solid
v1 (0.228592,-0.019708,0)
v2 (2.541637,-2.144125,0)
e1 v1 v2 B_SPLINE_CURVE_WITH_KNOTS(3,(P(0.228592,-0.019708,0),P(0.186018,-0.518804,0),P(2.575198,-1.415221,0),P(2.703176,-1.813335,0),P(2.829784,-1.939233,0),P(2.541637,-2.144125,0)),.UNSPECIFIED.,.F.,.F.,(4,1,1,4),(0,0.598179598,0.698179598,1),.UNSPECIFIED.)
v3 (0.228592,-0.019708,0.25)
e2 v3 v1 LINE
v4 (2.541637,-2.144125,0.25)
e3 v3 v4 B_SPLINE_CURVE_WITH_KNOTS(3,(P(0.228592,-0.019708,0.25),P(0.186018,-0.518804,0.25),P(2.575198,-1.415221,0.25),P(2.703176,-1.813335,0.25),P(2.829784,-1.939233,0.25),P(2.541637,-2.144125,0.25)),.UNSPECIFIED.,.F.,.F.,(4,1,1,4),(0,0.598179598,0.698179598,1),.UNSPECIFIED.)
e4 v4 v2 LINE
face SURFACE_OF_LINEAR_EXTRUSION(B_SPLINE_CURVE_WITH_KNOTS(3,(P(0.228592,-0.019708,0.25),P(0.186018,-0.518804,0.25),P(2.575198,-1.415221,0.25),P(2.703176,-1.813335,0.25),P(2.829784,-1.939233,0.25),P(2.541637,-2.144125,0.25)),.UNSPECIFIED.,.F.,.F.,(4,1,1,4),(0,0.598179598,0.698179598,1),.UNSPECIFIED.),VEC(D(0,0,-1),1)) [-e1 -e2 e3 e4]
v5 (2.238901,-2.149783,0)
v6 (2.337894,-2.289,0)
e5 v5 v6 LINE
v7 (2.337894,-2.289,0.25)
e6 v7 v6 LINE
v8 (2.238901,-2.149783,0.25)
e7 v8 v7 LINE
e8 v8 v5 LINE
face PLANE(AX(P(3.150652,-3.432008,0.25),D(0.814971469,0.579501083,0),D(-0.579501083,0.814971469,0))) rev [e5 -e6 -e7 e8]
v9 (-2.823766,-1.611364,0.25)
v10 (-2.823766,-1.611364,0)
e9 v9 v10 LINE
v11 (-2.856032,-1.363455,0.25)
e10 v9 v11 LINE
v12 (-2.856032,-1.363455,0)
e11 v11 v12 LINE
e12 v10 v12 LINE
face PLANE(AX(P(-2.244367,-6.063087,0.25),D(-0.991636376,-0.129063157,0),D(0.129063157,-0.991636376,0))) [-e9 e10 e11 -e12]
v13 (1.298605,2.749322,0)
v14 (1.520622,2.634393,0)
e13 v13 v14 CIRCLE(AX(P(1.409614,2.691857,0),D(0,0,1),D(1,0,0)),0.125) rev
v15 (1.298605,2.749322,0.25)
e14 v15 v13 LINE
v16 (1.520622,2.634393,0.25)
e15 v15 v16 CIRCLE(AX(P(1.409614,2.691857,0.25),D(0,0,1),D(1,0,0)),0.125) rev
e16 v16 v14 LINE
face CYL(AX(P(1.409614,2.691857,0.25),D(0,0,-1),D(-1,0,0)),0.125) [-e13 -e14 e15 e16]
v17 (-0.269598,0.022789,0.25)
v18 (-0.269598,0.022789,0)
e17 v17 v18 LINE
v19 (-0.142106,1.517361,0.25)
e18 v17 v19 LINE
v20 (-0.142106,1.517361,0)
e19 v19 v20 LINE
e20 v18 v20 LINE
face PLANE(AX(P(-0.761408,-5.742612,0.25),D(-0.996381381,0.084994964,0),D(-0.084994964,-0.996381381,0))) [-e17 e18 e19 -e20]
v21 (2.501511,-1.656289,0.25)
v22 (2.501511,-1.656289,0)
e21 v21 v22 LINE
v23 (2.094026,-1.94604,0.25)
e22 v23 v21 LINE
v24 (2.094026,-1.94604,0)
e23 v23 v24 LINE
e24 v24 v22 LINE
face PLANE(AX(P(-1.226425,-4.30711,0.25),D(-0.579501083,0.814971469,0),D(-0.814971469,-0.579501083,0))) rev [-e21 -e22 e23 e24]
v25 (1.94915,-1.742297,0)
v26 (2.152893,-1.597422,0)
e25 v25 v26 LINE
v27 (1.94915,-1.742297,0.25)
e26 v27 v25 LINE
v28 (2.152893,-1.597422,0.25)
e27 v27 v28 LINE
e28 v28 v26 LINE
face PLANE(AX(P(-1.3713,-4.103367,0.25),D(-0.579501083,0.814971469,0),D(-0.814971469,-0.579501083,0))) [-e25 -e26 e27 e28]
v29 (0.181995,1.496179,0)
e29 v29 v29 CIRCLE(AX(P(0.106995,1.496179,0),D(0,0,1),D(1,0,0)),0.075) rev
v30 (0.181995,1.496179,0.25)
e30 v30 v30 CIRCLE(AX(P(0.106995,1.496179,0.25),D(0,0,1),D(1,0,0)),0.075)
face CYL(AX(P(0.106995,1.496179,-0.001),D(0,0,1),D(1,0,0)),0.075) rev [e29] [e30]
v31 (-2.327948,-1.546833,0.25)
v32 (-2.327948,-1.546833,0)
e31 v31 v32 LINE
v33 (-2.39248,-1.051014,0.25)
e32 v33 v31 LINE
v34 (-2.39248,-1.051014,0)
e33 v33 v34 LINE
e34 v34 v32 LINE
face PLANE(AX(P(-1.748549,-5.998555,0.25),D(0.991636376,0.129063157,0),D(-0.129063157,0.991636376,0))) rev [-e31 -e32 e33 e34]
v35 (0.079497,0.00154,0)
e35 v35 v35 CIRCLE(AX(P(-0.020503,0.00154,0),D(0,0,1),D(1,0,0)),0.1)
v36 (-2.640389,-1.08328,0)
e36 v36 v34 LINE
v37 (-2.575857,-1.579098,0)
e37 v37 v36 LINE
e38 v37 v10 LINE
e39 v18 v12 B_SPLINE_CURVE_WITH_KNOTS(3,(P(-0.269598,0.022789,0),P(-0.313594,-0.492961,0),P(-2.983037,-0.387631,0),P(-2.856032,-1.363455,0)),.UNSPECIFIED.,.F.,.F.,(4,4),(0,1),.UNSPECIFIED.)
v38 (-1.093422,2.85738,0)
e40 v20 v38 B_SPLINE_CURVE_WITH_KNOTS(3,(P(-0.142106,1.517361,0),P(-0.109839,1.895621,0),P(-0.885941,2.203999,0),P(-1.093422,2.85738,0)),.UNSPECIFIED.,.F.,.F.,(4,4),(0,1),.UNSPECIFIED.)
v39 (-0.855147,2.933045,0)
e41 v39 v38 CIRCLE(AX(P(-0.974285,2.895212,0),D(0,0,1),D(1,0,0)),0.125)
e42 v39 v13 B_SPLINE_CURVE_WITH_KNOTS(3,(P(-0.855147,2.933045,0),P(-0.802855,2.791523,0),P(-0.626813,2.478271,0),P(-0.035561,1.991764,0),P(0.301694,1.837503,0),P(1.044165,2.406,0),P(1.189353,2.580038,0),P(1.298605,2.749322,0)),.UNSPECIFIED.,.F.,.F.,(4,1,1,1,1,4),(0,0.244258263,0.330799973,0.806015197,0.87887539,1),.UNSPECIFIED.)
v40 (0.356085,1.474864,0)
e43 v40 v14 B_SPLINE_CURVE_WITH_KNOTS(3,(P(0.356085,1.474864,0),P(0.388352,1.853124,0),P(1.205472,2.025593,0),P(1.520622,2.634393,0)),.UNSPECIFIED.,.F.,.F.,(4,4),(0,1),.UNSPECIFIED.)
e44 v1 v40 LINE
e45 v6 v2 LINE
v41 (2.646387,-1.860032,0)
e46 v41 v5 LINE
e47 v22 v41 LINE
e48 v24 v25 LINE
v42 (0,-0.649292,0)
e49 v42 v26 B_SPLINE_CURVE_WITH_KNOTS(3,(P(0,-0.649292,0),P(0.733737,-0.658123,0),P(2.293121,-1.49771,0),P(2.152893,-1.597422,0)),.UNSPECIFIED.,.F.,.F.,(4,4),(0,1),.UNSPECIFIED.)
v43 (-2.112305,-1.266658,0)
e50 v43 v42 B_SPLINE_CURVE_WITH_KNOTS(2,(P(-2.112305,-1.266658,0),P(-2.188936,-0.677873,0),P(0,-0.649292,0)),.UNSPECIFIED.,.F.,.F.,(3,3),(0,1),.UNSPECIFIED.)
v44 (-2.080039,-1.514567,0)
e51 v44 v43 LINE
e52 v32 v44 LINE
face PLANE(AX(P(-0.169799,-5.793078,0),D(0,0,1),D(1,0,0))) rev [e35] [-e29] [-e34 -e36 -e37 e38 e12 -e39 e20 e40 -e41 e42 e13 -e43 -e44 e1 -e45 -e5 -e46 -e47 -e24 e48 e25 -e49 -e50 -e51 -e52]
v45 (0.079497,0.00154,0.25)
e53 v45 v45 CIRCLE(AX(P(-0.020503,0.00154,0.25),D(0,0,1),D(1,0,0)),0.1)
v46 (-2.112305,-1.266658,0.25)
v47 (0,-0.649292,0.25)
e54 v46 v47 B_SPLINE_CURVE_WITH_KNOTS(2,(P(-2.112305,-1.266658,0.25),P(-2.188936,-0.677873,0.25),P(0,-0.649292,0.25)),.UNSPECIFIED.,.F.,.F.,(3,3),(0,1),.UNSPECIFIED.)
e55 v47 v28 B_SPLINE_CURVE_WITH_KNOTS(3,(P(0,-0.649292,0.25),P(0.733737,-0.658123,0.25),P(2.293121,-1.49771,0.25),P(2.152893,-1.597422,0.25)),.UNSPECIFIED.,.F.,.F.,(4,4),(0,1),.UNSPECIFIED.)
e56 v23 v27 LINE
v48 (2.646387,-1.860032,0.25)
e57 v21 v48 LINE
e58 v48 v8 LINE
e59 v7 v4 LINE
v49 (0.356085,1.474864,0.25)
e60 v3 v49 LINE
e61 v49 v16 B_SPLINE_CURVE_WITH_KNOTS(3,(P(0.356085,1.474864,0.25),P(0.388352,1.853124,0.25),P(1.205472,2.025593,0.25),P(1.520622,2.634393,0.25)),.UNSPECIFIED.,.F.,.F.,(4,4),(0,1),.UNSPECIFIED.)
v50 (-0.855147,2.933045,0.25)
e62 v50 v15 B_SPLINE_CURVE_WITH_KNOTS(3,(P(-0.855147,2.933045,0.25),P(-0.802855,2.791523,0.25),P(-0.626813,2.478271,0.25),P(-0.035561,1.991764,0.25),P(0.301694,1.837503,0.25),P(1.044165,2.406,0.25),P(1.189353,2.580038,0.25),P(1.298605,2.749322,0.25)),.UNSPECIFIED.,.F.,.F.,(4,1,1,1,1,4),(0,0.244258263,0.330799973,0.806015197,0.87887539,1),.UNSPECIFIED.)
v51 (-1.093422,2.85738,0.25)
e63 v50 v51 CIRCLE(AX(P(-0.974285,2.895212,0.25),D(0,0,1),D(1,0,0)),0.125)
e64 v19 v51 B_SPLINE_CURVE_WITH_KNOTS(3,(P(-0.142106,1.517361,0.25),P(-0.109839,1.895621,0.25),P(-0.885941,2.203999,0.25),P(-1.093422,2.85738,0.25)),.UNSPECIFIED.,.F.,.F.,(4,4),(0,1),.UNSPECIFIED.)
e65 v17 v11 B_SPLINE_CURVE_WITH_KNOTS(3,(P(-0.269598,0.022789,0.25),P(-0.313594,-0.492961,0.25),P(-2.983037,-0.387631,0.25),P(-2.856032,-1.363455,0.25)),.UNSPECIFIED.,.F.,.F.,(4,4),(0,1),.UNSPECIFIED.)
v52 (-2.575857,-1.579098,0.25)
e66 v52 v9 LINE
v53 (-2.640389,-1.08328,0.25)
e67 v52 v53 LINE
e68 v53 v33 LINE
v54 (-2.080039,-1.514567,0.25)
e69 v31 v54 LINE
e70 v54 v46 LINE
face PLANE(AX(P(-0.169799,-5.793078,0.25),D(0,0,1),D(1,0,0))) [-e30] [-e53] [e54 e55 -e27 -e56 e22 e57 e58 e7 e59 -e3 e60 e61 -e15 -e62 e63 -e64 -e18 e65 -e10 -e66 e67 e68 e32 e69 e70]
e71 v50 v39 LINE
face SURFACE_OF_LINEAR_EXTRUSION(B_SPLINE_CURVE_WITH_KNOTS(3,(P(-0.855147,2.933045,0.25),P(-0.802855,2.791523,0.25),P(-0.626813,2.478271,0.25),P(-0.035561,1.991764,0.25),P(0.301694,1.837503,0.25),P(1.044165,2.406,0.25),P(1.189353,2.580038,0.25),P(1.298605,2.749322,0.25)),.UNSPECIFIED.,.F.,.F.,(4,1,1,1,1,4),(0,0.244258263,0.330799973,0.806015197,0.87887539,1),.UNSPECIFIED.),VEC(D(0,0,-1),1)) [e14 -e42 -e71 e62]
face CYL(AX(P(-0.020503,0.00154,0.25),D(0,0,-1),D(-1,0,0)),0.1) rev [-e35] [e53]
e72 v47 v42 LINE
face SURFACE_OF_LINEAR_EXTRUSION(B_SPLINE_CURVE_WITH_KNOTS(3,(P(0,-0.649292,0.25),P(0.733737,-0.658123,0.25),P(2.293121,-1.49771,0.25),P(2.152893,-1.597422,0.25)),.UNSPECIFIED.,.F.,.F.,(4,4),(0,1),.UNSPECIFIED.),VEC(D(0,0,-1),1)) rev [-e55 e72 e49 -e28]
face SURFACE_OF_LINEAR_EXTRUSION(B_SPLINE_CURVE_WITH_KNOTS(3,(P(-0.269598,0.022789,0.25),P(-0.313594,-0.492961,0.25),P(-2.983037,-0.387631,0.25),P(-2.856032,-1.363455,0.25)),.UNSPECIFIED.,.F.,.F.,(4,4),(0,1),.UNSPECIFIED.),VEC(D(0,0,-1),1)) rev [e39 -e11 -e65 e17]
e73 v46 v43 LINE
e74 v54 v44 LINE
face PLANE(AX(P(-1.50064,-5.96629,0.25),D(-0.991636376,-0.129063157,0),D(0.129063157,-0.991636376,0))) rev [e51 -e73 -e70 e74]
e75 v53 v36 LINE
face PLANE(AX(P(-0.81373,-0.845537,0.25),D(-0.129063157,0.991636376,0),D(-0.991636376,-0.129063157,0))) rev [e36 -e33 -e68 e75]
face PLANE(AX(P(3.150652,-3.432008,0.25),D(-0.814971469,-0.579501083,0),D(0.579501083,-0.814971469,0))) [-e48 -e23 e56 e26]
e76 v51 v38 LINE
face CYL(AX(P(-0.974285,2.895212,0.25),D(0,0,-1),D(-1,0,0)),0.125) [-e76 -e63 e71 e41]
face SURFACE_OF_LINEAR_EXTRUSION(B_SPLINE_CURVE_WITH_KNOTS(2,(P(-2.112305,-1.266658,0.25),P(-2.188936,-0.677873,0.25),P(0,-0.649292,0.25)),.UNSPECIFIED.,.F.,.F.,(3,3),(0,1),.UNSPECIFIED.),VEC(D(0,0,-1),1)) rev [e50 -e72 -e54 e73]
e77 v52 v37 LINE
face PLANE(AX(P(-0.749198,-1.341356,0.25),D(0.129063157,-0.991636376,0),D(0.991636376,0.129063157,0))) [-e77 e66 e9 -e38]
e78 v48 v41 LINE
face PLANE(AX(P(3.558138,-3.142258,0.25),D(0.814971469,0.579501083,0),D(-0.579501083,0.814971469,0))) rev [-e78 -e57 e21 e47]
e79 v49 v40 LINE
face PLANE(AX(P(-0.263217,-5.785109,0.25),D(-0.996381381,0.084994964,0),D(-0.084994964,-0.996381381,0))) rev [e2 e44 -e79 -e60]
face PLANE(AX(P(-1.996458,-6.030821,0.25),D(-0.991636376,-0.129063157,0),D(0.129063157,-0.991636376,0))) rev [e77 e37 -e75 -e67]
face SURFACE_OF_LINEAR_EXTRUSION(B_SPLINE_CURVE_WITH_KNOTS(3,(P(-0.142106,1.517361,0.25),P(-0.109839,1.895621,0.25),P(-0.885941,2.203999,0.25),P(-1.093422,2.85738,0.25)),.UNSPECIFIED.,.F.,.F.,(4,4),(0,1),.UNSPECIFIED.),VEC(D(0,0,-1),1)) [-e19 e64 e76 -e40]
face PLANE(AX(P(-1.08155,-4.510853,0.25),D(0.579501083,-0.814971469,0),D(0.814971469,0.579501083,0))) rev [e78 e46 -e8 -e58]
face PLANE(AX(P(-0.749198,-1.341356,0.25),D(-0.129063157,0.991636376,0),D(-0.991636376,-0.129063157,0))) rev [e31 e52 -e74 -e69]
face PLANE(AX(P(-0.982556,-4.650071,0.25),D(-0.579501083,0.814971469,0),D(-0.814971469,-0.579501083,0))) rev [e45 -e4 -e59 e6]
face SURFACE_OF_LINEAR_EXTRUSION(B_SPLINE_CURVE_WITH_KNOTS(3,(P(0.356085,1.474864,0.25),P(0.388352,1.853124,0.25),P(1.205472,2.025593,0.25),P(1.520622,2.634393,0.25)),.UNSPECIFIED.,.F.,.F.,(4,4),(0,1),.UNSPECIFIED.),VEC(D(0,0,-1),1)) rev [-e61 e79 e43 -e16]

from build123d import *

# Parameters (mm, degrees)
CROQUIS2_R              = 0.1
SALIENTE_EXTRUIR1_DEPTH = 0.25
CORTAR_EXTRUIR1_REACH   = 2.25
CROQUIS3_R              = 0.075


with BuildPart() as part:
    # Croquis2 → Saliente-Extruir1 (new body)
    with BuildSketch(Plane.XY):
        with BuildLine():
            Line((-0.269598267, 0.022789063), (-0.142105821, 1.517361134))
            add(Edge.make_bspline(
                [(-0.142105821, 1.517361134), (-0.109838872, 1.89562104), (-0.885940975, 2.203998579), (-1.093422206, 2.857380392)],
                knots=[0, 0, 0, 0, 1, 1, 1, 1], degree=3))
            ThreePointArc((-1.093422206, 2.857380392), (-1.012116817, 3.014349923), (-0.855147286, 2.933044534))
            add(Edge.make_bspline(
                [(-0.855147286, 2.933044534), (-0.802855117, 2.791522862), (-0.626812715, 2.478271421), (-0.035560561, 1.991764327), (0.301694252, 1.837503211), (1.044165071, 2.405999525), (1.189353221, 2.580037978), (1.298605199, 2.749321595)],
                knots=[0, 0, 0, 0, 0.244258263, 0.330799973, 0.806015197, 0.87887539, 1, 1, 1, 1], degree=3))
            ThreePointArc((1.298605199, 2.749321595), (1.467077873, 2.802865578), (1.520621856, 2.634392904))
            add(Edge.make_bspline(
                [(0.35608487, 1.474863652), (0.388351819, 1.853123558), (1.20547196, 2.025593431), (1.520621856, 2.634392904)],
                knots=[0, 0, 0, 0, 1, 1, 1, 1], degree=3))
            Line((0.35608487, 1.474863652), (0.228592423, -0.01970842))
            add(Edge.make_bspline(
                [(0.228592423, -0.01970842), (0.186017725, -0.518804304), (2.575198102, -1.415220642), (2.703175685, -1.813334927), (2.829784292, -1.939232669), (2.541637207, -2.144125176)],
                knots=[0, 0, 0, 0, 0.598179598, 0.698179598, 1, 1, 1, 1], degree=3))
            Line((2.541637207, -2.144125176), (2.33789434, -2.289000447))
            Line((2.33789434, -2.289000447), (2.238900912, -2.149782727))
            Line((2.238900912, -2.149782727), (2.646386646, -1.860032185))
            Line((2.646386646, -1.860032185), (2.501511376, -1.656289318))
            Line((2.501511376, -1.656289318), (2.094025641, -1.946039859))
            Line((2.094025641, -1.946039859), (1.94915037, -1.742296992))
            Line((1.94915037, -1.742296992), (2.152893238, -1.597421721))
            add(Edge.make_bspline(
                [(0, -0.6492922), (0.733736911, -0.658123462), (2.29312136, -1.497709828), (2.152893238, -1.597421721)],
                knots=[0, 0, 0, 0, 1, 1, 1, 1], degree=3))
            add(Edge.make_bspline(
                [(-2.112304641, -1.266657747), (-2.188936025, -0.677872613), (0, -0.6492922)],
                knots=[0, 0, 0, 1, 1, 1], degree=2))
            Line((-2.112304641, -1.266657747), (-2.080038852, -1.514566841))
            Line((-2.080038852, -1.514566841), (-2.327947946, -1.54683263))
            Line((-2.327947946, -1.54683263), (-2.392479524, -1.051014442))
            Line((-2.392479524, -1.051014442), (-2.640388618, -1.083280231))
            Line((-2.640388618, -1.083280231), (-2.57585704, -1.579098419))
            Line((-2.57585704, -1.579098419), (-2.823766134, -1.611364208))
            Line((-2.823766134, -1.611364208), (-2.856031923, -1.363455114))
            add(Edge.make_bspline(
                [(-0.269598267, 0.022789063), (-0.313593623, -0.492960939), (-2.983037055, -0.387631246), (-2.856031923, -1.363455114)],
                knots=[0, 0, 0, 0, 1, 1, 1, 1], degree=3))
        make_face()
        with Locations((-0.020502922, 0.001540322)):
            Circle(CROQUIS2_R, mode=Mode.SUBTRACT)
    extrude(amount=SALIENTE_EXTRUIR1_DEPTH)

    # Croquis3 → Cortar-Extruir1 (cut, up to next)
    with BuildSketch(Plane.XY.offset(0.25), mode=Mode.PRIVATE) as cortar_extruir1_sk1:
        with Locations((0.106995218, 1.496179141)):
            Circle(CROQUIS3_R)
    cortar_extruir1_tool1 = extrude(cortar_extruir1_sk1.sketch, amount=-CORTAR_EXTRUIR1_REACH, mode=Mode.PRIVATE) & part.part
    add(cortar_extruir1_tool1.solids().sort_by_distance((0.106995, 1.496179, 0.25))[0], mode=Mode.SUBTRACT)


solid = part.part
